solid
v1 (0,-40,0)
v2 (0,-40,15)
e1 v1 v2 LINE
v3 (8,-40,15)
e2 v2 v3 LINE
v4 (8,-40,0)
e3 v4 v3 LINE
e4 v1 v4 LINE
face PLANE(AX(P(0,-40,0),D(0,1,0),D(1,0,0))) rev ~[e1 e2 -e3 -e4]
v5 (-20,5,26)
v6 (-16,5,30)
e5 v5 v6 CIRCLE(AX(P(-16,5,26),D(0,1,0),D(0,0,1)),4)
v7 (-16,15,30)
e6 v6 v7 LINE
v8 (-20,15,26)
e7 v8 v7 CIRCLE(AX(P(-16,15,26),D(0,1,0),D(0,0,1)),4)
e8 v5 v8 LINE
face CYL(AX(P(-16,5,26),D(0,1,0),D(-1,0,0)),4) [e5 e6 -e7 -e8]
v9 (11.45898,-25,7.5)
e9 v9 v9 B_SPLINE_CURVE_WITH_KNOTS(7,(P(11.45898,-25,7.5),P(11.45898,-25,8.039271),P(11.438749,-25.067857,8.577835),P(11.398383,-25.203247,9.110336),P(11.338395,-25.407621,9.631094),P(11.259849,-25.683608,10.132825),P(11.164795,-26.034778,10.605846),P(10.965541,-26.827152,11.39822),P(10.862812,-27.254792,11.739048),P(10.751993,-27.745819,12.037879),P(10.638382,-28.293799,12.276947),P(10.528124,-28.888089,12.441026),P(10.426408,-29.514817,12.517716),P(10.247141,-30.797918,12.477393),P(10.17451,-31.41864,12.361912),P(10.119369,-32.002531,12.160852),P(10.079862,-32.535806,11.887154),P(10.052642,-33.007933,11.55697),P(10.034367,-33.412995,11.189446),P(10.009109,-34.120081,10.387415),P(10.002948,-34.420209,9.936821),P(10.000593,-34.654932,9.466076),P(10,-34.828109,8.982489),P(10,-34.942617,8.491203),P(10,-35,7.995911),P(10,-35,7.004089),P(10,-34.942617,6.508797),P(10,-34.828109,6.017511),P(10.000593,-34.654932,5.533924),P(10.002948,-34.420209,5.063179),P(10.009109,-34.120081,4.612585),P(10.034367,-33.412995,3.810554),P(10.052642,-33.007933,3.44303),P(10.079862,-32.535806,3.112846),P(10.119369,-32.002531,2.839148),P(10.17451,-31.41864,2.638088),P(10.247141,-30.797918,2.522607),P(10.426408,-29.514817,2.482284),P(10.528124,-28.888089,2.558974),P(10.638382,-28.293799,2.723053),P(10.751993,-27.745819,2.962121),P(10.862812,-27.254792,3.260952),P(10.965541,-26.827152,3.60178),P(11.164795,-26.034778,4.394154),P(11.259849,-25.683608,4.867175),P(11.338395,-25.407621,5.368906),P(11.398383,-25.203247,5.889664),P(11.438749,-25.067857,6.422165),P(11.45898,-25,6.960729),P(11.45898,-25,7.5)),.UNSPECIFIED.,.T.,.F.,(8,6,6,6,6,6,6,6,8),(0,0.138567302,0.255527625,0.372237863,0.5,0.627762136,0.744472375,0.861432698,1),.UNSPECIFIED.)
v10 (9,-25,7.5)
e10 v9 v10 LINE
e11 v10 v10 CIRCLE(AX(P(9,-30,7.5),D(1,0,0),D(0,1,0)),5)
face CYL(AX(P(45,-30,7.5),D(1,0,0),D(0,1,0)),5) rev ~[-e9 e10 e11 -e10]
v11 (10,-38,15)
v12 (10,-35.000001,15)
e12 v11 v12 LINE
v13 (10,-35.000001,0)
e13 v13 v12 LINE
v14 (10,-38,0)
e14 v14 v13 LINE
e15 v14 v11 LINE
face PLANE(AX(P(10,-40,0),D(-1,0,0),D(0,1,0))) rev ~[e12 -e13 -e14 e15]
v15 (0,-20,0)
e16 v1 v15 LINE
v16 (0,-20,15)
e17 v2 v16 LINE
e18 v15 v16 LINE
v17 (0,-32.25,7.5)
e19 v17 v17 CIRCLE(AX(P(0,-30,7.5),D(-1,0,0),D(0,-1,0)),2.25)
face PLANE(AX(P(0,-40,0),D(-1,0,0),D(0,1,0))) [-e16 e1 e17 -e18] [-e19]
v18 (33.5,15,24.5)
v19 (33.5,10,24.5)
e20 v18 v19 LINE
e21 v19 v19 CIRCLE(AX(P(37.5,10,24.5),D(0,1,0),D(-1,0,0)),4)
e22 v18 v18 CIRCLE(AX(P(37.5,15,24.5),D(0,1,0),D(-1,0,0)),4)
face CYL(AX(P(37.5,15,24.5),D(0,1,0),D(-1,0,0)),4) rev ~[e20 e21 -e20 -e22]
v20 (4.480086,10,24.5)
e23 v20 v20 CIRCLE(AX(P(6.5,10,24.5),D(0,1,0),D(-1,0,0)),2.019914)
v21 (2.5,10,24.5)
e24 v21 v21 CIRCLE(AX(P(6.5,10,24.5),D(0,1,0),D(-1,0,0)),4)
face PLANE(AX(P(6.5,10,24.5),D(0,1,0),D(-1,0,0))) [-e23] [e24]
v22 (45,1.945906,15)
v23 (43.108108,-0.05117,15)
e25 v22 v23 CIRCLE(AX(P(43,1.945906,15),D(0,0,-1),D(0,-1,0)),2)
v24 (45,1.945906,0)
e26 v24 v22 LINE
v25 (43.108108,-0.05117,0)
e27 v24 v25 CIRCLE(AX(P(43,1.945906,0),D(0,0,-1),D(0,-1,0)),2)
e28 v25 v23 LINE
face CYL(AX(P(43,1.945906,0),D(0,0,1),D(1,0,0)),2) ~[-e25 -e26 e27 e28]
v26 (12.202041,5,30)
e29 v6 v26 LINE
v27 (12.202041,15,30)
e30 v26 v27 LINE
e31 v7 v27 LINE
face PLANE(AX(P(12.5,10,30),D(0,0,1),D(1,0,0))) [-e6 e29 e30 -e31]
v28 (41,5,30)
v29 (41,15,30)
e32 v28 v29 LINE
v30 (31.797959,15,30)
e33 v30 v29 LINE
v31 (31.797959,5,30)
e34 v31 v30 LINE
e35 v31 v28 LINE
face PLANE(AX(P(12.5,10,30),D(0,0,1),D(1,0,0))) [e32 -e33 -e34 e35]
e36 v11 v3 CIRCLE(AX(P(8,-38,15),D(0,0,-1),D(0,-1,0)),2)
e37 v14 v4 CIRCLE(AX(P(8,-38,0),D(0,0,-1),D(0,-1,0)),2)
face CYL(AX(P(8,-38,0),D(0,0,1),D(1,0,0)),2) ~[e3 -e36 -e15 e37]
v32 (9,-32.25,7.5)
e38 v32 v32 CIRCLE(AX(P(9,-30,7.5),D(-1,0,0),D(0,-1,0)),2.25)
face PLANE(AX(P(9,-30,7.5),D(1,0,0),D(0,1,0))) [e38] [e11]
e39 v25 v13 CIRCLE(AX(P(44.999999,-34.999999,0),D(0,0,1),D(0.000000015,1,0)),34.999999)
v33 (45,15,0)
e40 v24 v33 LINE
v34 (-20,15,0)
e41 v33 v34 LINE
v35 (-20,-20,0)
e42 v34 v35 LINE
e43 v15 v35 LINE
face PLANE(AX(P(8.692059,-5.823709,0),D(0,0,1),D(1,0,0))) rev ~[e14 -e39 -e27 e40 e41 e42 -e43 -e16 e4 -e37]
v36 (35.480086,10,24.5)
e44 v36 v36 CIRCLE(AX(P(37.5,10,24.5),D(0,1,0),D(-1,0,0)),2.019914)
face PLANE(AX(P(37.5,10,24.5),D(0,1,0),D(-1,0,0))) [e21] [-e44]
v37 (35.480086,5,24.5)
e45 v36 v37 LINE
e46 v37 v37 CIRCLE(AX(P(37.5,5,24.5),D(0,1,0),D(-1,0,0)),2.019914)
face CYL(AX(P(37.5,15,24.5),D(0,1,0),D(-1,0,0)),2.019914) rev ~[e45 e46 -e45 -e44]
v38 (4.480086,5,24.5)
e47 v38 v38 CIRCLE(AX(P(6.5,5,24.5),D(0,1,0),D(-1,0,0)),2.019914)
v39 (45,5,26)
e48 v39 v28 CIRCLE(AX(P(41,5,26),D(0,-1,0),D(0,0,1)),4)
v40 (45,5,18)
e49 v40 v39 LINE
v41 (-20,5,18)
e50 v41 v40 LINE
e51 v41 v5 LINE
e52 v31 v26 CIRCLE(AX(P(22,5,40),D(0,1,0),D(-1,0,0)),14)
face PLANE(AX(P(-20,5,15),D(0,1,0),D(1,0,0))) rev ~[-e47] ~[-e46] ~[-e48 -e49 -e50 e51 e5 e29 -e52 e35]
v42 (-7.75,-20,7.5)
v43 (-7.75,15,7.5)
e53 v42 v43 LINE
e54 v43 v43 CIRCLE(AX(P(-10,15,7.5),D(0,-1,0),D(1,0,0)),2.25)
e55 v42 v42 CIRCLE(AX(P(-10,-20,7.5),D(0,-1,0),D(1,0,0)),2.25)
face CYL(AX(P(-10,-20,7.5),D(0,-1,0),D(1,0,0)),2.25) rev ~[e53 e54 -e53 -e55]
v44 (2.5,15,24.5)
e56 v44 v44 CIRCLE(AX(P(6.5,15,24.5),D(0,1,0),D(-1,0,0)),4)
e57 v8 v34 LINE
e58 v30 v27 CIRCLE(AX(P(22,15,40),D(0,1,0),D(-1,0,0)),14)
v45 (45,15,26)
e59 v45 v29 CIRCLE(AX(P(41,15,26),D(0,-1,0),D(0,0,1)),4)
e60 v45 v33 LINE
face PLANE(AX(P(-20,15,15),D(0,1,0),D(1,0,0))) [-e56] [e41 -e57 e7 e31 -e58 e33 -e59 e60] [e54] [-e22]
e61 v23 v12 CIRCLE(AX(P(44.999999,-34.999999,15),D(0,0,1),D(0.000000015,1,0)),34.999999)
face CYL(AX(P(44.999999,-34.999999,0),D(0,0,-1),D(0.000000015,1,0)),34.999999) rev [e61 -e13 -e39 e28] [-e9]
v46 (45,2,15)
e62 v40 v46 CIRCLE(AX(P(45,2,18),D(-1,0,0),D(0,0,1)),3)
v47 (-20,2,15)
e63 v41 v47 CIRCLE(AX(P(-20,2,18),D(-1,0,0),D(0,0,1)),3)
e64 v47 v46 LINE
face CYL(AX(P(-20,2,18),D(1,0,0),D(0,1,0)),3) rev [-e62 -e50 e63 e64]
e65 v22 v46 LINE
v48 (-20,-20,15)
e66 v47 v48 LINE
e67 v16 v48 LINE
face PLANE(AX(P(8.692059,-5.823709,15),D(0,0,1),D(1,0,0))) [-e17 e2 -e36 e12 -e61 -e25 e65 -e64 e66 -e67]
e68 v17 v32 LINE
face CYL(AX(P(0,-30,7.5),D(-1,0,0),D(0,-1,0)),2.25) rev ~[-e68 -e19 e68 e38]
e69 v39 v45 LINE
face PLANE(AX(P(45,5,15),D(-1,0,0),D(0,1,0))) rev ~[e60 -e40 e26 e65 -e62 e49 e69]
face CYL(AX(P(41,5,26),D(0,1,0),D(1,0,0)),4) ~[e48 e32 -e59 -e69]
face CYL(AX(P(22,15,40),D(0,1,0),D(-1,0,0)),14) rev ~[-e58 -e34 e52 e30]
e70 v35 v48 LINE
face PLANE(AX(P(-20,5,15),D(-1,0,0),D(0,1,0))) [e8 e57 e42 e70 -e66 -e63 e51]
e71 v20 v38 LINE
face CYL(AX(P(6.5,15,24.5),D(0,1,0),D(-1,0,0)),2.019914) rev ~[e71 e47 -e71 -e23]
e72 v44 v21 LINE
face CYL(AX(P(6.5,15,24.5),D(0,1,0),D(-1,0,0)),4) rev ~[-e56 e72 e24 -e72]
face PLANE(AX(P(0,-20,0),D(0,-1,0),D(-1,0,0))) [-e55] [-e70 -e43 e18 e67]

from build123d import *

# Parameters (mm, degrees)
PAD_DEPTH       = 15
SKETCH001_R     = 2.25
POCKET_DEPTH    = 35.001
SKETCH002_R     = 2.25
POCKET001_DEPTH = 45.001
SKETCH003_R     = 5
POCKET002_DEPTH = 36
SKETCH004_W     = 65
SKETCH004_H     = 10
PAD001_DEPTH    = 15
SKETCH005_R     = 2.019914
SKETCH005_R_2   = 14
POCKET003_DEPTH = 55.001
SKETCH006_R     = 4
POCKET004_DEPTH = 5
FILLET_R        = 3
FILLET001_R     = 4
FILLET002_R     = 2


with BuildPart() as part:
    # Sketch → Pad (new body)
    with BuildSketch(Plane.XY):
        with BuildLine():
            Line((45, 15), (-20, 15))
            Line((-20, 15), (-20, -20))
            Line((0, -20), (-20, -20))
            Line((0, -40), (0, -20))
            Line((0, -40), (10, -40))
            Line((10, -40), (10, -35.000001))
            ThreePointArc((45, 0), (20.251262, -10.251263), (10, -35.000001))
            Line((45, 0), (45, 15))
        make_face()
    extrude(amount=PAD_DEPTH)

    # Sketch001 → Pocket (cut, through all)
    with BuildSketch(Plane.XZ.offset(20)):
        with Locations((-10, 7.5)):
            Circle(SKETCH001_R)
    extrude(amount=-POCKET_DEPTH, mode=Mode.SUBTRACT)

    # Sketch002 → Pocket001 (cut, through all)
    with BuildSketch(Plane(origin=(0, 0, 0), x_dir=(0, -1, 0), z_dir=(-1, 0, 0))):
        with Locations((30, 7.5)):
            Circle(SKETCH002_R)
    extrude(amount=-POCKET001_DEPTH, mode=Mode.SUBTRACT)

    # Sketch003 → Pocket002 (cut)
    with BuildSketch(Plane.YZ.offset(45)):
        with Locations((-30, 7.5)):
            Circle(SKETCH003_R)
    extrude(amount=-POCKET002_DEPTH, mode=Mode.SUBTRACT)

    # Sketch004 → Pad001 (new body)
    with BuildSketch(Plane.XY.offset(15)):
        with Locations((12.5, 10)):
            Rectangle(SKETCH004_W, SKETCH004_H)
    extrude(amount=PAD001_DEPTH)

    # Sketch005 → Pocket003 (cut, through all)
    with BuildSketch(Plane(origin=(0, 15, 0), x_dir=(-1, 0, 0), z_dir=(0, 1, 0))):
        with Locations((-37.5, 24.5)):
            Circle(SKETCH005_R)
        with Locations((-6.5, 24.5)):
            Circle(SKETCH005_R)
        with Locations((-22, 40)):
            Circle(SKETCH005_R_2)
    extrude(amount=-POCKET003_DEPTH, mode=Mode.SUBTRACT)

    # Sketch006 → Pocket004 (cut)
    with BuildSketch(Plane(origin=(0, 15, 0), x_dir=(-1, 0, 0), z_dir=(0, 1, 0))):
        with Locations((-37.5, 24.5)):
            Circle(SKETCH006_R)
        with Locations((-6.5, 24.5)):
            Circle(SKETCH006_R)
    extrude(amount=-POCKET004_DEPTH, mode=Mode.SUBTRACT)

    # Fillet
    fillet_edges = [part.edges().sort_by_distance(p)[0] for p in [
        (12.5, 5, 15),
    ]]
    fillet(fillet_edges, radius=FILLET_R)

    # Fillet001
    fillet001_edges = [part.edges().sort_by_distance(p)[0] for p in [
        (-20, 10, 30),
        (45, 10, 30),
    ]]
    fillet(fillet001_edges, radius=FILLET001_R)

    # Fillet002
    fillet002_edges = [part.edges().sort_by_distance(p)[0] for p in [
        (45, 0, 7.5),
        (10, -40, 7.5),
    ]]
    fillet(fillet002_edges, radius=FILLET002_R)


solid = part.part
